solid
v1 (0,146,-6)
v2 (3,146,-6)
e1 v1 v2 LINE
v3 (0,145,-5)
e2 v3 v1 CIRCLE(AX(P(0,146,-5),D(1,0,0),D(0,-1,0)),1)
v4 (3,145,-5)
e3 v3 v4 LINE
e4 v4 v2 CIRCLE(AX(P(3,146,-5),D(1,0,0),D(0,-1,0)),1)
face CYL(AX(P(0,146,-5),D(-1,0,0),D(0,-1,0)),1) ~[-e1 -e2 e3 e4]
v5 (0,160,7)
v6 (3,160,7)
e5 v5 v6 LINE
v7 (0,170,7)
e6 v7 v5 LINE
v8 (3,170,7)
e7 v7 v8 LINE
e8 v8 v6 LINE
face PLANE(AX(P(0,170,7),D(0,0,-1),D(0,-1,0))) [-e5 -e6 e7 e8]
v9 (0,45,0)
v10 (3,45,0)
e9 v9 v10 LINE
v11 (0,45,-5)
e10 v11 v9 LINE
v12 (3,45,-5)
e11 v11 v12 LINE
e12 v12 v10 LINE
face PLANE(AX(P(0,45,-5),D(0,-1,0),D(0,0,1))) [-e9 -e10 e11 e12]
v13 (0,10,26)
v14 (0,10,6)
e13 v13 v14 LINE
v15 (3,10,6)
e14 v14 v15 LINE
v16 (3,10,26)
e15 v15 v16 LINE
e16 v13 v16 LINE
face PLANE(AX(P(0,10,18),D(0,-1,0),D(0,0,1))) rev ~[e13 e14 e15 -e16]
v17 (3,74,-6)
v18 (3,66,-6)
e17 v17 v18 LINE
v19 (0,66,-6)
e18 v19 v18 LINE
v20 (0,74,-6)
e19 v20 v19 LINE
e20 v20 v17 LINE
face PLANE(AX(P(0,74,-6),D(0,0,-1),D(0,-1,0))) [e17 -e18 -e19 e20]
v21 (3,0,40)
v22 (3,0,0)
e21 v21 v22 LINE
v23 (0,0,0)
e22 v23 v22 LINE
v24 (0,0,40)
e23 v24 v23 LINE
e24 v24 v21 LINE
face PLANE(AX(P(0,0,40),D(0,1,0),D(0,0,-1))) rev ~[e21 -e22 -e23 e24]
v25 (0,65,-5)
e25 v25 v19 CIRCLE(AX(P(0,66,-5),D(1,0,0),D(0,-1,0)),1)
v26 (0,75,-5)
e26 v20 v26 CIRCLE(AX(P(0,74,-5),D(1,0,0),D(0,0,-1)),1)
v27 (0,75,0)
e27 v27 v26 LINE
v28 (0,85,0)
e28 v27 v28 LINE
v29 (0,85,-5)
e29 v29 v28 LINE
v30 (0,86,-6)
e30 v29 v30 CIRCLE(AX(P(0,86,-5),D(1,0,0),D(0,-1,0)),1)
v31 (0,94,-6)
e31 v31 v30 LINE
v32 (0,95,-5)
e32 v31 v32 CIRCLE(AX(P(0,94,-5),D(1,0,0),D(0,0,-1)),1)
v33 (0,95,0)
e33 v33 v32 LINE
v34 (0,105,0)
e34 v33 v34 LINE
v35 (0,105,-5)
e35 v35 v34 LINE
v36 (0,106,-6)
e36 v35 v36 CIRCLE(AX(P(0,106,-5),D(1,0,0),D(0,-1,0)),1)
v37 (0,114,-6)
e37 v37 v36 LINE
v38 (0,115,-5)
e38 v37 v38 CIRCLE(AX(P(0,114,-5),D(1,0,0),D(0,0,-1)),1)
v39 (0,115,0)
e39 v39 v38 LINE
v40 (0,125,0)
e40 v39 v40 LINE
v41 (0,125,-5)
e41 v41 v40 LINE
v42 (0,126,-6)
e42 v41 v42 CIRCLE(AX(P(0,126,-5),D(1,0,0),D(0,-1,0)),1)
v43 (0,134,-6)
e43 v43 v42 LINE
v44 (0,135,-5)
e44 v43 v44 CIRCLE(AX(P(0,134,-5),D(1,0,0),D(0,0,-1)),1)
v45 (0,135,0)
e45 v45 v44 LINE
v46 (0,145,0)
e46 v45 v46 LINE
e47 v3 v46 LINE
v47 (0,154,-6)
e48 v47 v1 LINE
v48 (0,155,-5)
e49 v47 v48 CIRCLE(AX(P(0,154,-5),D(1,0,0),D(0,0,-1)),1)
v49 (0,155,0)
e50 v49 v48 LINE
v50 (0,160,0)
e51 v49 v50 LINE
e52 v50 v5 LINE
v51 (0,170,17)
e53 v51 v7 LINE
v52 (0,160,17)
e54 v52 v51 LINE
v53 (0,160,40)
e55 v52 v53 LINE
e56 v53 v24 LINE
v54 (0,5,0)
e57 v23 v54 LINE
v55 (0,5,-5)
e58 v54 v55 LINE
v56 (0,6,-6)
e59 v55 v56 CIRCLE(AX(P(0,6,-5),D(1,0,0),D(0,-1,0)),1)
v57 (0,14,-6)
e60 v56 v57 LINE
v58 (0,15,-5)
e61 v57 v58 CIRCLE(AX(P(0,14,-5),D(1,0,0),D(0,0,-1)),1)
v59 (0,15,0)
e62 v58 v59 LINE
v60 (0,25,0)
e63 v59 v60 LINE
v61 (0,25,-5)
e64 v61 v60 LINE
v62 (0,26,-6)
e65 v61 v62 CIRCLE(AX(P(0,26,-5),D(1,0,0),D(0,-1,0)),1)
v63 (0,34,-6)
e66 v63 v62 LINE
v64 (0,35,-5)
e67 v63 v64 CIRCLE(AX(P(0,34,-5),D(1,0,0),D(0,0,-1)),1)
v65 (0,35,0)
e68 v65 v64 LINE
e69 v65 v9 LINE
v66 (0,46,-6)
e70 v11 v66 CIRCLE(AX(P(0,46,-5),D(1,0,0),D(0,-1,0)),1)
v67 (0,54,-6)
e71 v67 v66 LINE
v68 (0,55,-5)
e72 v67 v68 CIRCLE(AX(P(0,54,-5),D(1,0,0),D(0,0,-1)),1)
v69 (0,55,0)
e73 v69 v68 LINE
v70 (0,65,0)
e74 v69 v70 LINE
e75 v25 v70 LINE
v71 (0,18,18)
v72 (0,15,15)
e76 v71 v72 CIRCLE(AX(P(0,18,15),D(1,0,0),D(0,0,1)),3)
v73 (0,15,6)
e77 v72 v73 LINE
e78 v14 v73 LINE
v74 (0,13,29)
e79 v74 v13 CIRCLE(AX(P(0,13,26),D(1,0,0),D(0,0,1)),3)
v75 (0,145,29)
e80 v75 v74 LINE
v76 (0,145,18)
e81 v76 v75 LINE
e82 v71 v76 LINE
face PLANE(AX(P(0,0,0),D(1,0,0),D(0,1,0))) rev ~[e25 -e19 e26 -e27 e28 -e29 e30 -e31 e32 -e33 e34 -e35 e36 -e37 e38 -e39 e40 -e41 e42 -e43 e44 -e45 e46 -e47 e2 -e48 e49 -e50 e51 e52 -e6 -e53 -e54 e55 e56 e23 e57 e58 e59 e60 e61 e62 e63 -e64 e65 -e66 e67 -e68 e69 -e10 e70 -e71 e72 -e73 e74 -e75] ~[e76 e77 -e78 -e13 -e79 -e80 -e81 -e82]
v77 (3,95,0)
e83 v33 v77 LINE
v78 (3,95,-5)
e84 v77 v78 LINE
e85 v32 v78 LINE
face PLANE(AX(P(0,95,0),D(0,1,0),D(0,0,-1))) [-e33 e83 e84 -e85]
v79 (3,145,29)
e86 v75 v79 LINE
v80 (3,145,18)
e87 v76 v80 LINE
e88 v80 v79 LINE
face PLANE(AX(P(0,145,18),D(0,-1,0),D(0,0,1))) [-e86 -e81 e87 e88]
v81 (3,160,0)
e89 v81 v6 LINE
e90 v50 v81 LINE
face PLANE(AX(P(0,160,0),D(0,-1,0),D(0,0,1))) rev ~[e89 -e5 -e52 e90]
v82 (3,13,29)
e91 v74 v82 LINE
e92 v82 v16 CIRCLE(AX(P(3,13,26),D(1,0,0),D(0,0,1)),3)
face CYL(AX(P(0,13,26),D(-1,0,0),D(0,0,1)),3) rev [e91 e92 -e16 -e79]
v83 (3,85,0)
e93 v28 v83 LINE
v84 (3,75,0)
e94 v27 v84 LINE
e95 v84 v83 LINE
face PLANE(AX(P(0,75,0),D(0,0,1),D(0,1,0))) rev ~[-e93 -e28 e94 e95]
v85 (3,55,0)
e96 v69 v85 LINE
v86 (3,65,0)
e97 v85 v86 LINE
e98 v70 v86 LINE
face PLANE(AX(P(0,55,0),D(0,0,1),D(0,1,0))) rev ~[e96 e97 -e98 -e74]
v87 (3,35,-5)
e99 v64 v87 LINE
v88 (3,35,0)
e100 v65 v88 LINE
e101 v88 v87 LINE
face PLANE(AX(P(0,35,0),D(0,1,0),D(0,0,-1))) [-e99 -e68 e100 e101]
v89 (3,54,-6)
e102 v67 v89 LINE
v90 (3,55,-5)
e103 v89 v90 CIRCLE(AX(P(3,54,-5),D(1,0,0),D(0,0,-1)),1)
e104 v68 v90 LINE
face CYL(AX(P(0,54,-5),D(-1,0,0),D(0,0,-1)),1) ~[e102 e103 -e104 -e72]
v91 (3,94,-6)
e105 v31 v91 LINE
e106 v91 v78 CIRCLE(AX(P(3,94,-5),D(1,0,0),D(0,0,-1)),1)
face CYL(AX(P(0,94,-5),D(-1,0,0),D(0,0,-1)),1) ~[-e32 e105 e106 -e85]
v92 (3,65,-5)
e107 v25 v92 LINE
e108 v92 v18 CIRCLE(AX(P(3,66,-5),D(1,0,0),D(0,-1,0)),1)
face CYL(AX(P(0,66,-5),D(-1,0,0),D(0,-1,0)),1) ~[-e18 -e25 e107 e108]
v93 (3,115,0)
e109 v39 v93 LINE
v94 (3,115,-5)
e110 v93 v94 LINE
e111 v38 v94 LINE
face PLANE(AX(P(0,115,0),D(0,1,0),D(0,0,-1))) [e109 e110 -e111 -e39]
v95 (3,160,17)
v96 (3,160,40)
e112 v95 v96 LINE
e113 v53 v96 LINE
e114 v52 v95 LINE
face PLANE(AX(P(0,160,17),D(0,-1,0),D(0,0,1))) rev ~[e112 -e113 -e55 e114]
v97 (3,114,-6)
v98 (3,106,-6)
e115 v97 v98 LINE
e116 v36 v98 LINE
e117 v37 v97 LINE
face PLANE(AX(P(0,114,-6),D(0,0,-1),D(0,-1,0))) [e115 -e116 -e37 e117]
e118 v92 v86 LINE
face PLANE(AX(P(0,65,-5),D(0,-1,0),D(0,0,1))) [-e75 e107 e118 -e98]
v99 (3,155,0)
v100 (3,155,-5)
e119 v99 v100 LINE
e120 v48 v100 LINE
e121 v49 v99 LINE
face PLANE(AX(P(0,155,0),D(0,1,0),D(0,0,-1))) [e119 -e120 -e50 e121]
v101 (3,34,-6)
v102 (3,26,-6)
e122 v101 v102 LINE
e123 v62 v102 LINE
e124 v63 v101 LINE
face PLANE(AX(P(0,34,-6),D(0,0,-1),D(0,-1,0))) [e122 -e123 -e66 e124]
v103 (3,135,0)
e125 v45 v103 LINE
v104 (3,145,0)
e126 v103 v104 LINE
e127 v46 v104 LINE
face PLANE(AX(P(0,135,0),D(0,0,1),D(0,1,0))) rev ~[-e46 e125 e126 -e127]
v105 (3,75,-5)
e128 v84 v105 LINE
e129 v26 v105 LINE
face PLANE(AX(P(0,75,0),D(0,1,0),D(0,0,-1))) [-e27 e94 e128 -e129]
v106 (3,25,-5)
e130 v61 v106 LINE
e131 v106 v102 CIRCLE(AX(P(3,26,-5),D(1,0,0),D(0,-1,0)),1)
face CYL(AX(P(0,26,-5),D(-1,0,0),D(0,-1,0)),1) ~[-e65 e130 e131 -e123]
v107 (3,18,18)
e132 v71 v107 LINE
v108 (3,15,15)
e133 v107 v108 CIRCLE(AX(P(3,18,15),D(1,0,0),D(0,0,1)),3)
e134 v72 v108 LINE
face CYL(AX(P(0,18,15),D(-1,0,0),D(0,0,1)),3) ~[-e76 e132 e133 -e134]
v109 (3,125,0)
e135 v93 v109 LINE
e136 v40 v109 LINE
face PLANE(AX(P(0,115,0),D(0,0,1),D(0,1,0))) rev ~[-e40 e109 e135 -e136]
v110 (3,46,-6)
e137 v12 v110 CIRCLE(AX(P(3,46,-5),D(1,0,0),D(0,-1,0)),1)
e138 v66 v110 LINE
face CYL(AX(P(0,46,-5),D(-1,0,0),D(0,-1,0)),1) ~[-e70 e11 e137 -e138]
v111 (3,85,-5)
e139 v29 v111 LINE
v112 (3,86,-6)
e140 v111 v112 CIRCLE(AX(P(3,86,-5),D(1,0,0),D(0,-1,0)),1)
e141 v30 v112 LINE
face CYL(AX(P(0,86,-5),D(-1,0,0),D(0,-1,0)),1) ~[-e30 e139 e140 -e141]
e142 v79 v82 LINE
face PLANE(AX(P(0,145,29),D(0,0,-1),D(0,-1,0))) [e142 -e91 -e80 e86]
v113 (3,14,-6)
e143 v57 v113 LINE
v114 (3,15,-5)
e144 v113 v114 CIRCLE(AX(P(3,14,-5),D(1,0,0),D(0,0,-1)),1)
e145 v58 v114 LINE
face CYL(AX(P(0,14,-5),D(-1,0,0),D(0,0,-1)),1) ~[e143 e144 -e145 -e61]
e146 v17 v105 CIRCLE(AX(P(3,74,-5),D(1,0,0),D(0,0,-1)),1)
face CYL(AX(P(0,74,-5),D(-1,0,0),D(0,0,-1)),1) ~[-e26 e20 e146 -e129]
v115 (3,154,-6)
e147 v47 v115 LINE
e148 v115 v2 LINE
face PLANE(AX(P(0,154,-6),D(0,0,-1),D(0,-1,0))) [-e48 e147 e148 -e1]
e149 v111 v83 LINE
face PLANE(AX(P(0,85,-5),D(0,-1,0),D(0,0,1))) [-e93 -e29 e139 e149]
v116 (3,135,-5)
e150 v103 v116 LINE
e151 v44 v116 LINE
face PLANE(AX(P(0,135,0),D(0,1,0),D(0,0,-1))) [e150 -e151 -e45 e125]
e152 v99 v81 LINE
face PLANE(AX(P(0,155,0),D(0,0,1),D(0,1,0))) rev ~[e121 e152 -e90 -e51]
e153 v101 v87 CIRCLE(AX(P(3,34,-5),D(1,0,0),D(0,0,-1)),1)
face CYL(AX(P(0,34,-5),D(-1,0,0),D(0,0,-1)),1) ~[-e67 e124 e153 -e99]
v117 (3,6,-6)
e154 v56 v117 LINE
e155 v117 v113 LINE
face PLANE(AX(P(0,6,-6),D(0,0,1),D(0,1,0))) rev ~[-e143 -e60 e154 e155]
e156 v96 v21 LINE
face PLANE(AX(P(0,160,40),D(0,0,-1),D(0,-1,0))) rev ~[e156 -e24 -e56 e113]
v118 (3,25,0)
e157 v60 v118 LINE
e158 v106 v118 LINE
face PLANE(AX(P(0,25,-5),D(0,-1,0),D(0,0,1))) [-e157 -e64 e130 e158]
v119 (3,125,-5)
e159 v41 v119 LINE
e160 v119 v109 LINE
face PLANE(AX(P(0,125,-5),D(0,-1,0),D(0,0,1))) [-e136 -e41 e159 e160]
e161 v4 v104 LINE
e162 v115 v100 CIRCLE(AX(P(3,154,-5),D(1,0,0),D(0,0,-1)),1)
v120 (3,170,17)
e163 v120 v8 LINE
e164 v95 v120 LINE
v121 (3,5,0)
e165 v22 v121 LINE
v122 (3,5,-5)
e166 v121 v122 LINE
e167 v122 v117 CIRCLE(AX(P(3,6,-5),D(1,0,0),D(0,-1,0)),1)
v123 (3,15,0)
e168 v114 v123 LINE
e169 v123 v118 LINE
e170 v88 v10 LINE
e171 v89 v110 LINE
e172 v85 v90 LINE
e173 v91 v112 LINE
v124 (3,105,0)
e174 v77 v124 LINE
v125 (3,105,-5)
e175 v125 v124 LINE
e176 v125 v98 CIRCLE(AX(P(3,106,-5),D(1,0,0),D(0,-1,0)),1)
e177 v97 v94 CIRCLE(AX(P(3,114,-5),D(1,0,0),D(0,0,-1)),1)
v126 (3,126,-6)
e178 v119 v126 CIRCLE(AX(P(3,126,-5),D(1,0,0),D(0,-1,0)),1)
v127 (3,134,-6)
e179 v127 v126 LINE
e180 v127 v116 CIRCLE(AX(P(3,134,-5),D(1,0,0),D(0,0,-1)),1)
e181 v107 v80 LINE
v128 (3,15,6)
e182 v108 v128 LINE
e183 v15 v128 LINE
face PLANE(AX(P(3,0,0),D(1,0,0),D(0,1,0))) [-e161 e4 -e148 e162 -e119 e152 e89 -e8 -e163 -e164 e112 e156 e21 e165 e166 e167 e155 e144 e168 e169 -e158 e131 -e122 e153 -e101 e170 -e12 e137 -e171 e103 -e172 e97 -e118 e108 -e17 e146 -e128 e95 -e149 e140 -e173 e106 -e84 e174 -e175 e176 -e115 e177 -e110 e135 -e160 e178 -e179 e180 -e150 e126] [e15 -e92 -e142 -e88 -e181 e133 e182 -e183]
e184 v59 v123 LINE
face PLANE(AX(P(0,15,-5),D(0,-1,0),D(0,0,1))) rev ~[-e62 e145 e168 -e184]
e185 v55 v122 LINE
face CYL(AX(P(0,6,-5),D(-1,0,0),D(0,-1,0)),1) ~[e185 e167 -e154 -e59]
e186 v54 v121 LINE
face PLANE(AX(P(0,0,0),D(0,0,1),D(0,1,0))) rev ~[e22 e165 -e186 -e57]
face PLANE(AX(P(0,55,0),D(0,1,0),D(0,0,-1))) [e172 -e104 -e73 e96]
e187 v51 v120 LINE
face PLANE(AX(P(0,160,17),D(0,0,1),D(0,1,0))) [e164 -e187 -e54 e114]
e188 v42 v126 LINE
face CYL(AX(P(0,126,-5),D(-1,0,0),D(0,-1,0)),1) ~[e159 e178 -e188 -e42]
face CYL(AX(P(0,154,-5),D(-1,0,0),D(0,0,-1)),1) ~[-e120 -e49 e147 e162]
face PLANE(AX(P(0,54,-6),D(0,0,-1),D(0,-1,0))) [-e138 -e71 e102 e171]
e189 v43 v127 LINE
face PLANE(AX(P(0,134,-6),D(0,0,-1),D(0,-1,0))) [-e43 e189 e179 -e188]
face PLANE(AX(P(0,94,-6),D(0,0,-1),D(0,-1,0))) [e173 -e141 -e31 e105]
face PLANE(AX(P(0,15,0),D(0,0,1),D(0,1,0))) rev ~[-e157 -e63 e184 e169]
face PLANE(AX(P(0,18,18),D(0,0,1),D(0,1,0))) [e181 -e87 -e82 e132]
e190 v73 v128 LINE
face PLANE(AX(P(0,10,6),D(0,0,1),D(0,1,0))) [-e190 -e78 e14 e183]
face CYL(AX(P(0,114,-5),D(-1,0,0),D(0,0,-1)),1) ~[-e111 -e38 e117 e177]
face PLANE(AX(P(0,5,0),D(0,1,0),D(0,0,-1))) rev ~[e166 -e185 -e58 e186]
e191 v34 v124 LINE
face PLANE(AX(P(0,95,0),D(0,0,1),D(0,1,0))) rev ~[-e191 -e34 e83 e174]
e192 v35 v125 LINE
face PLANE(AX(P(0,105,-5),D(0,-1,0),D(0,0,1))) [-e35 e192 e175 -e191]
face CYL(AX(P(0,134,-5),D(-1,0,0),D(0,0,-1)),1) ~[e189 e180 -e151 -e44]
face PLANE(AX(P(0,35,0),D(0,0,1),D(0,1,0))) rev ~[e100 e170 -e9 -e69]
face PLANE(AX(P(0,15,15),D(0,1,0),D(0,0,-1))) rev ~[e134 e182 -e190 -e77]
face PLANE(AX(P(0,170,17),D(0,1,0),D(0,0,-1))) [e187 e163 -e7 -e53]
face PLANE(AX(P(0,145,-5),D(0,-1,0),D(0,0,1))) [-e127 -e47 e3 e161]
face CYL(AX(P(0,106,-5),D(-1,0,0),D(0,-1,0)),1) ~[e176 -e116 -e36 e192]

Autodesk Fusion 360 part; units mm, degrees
sketch "Sketch1" plane through (0, 0, 0) normal (1, 0, 0) x (0, 1, 0)
  line L0 (0, 0) -> (160, 0)
  line L1 (160, 0) -> (160, 40)
  line L2 (160, 40) -> (0, 40)
  line L3 (0, 40) -> (0, 0)
  line L4 (5, 0) -> (5, -5)
  line L5 (6, -6) -> (14, -6)
  line L6 (15, -5) -> (15, 0)
  line L7 (25, 0) -> (35, 0)
  line L8 (35, 0) -> (35, -5)
  line L9 (34, -6) -> (26, -6)
  line L10 (25, -5) -> (25, 0)
  line L11 (45, 0) -> (55, 0)
  line L12 (55, 0) -> (55, -5)
  line L13 (54, -6) -> (46, -6)
  line L14 (45, -5) -> (45, 0)
  line L15 (65, 0) -> (75, 0)
  line L16 (75, 0) -> (75, -5)
  line L17 (74, -6) -> (66, -6)
  line L18 (65, -5) -> (65, 0)
  line L19 (85, 0) -> (95, 0)
  line L20 (95, 0) -> (95, -5)
  line L21 (94, -6) -> (86, -6)
  line L22 (85, -5) -> (85, 0)
  line L23 (105, 0) -> (115, 0)
  line L24 (115, 0) -> (115, -5)
  line L25 (114, -6) -> (106, -6)
  line L26 (105, -5) -> (105, 0)
  line L27 (125, 0) -> (135, 0)
  line L28 (135, 0) -> (135, -5)
  line L29 (134, -6) -> (126, -6)
  line L30 (125, -5) -> (125, 0)
  line L31 (145, 0) -> (155, 0)
  line L32 (155, 0) -> (155, -5)
  line L33 (154, -6) -> (146, -6)
  line L34 (145, -5) -> (145, 0)
  line L35 (15, -2.5) -> (25, -2.5) construction
  line L36 (35, -2.5) -> (45, -2.5) construction
  line L37 (55, -2.5) -> (65, -2.5) construction
  line L38 (75, -2.5) -> (85, -2.5) construction
  line L39 (95, -2.5) -> (105, -2.5) construction
  line L40 (115, -2.4317) -> (125, -2.4308) construction
  line L41 (135, -2.5) -> (145, -2.5054) construction
  line L42 (10, 0) -> (10, 18)
  line L43 (15, 15) -> (15, 0)
  line L44 (10, 6) -> (15, 6)
  line L45 (10, 18) -> (10, 26)
  line L46 (18, 18) -> (145, 18)
  line L47 (145, 18) -> (145, 29)
  line L48 (145, 29) -> (13, 29)
  line L49 (15, 6) -> (160, 6) construction
  line L50 (145, 18) -> (145, 6) construction
  arc A0 (13, 29) -> (10, 26) centre (13, 26) ccw
  arc A1 (18, 18) -> (15, 15) centre (18, 15) ccw
  line L51 (25, 18) -> (25, 0) construction
  line L52 (160, 14.5) -> (160, 9.5) construction
  line L53 (19.9191, 18) -> (19.9191, 6) construction
  line L54 (160, 7) -> (160, 17) construction
  arc A2 (5, -5) -> (6, -6) centre (6, -5) ccw
  arc A3 (14, -6) -> (15, -5) centre (14, -5) ccw
  arc A4 (25, -5) -> (26, -6) centre (26, -5) ccw
  arc A5 (34, -6) -> (35, -5) centre (34, -5) ccw
  arc A6 (45, -5) -> (46, -6) centre (46, -5) ccw
  arc A7 (54, -6) -> (55, -5) centre (54, -5) ccw
  arc A8 (65, -5) -> (66, -6) centre (66, -5) ccw
  arc A9 (74, -6) -> (75, -5) centre (74, -5) ccw
  arc A10 (85, -5) -> (86, -6) centre (86, -5) ccw
  arc A11 (94, -6) -> (95, -5) centre (94, -5) ccw
  arc A12 (105, -5) -> (106, -6) centre (106, -5) ccw
  arc A13 (114, -6) -> (115, -5) centre (114, -5) ccw
  arc A14 (125, -5) -> (126, -6) centre (126, -5) ccw
  arc A15 (134, -6) -> (135, -5) centre (134, -5) ccw
  arc A16 (145, -5) -> (146, -6) centre (146, -5) ccw
  arc A17 (154, -6) -> (155, -5) centre (154, -5) ccw
  line L55 (160, 17) -> (170, 17)
  line L56 (170, 17) -> (170, 7)
  line L57 (170, 7) -> (160, 7)
  line L58 (160, 7) -> (160, 17)
  line L59 (170, 12) -> (19.9191, 12) construction
  point P0 (5, -6)
  point P1 (15, -6)
  point P2 (15, 18)
  point P3 (10, 29)
  dimension "d1" = 160
  dimension "d2" = 40
  dimension "d3" = 10
  dimension "d4" = 6
  dimension "d5" = 5
  dimension "d6" = 10
  dimension "d7" = 5
  dimension "d9" = 18
  dimension "d10" = 5
  dimension "d15" = 11
  dimension "d16" = 130
  dimension "d17" = 12
  dimension "d18" = 3
  dimension "d19" = 3
  dimension "d29" = 1
  dimension "d30" = 1
  dimension "d31" = 1
  dimension "d32" = 1
  dimension "d33" = 1
  dimension "d34" = 1
  dimension "d35" = 1
  dimension "d36" = 1
  dimension "d37" = 1
  dimension "d38" = 1
  dimension "d39" = 1
  dimension "d40" = 1
  dimension "d41" = 1
  dimension "d42" = 1
  dimension "d43" = 1
  dimension "d44" = 1
  dimension "d45" = 10
  dimension "d46" = 10
extrude "Extrude1" add sketch "Sketch1" along normal blind 3 contours L0 L1 L2 L3 L7 L11 L15 L19 L23 L27 L31 L42 L43 L45 L46 L47 L48 A0 A1 L58 | L0 L4 L5 L6 A2 A3 | L0 L42 L43 L44 | L1 L55 L56 L57 L58 | L0 L7 L8 L9 L10 A4 A5 | L0 L11 L12 L13 L14 A6 A7 | L0 L31 L32 L33 L34 A16 A17 | L0 L15 L16 L17 L18 A8 A9 | L0 L27 L28 L29 L30 A14 A15 | L0 L19 L20 L21 L22 A10 A11 | L0 L23 L24 L25 L26 A12 A13
sketch "Sketch2" plane through (3, 0, 0) normal (1, 0, 0) x (0, 1, 0)
  line L0 (145, 29) -> (145, 18)
  line L1 (145, 18) -> (18, 18)
  arc A0 (18, 18) -> (15, 15) centre (18, 15) ccw
  line L2 (15, 15) -> (15, 6)
  line L3 (15, 6) -> (10, 6)
  line L4 (10, 6) -> (10, 26)
  arc A1 (13, 29) -> (10, 26) centre (13, 26) ccw
  line L5 (13, 29) -> (145, 29)
  line L6 (160, 17) -> (160, 40)
  line L7 (160, 40) -> (0, 40)
  line L8 (0, 40) -> (0, 0)
  line L9 (0, 0) -> (5, 0)
  line L10 (5, 0) -> (5, -5)
  arc A2 (5, -5) -> (6, -6) centre (6, -5) ccw
  line L11 (6, -6) -> (14, -6)
  arc A3 (14, -6) -> (15, -5) centre (14, -5) ccw
  line L12 (15, -5) -> (15, 0)
  line L13 (15, 0) -> (25, 0)
  line L14 (25, 0) -> (25, -5)
  arc A4 (25, -5) -> (26, -6) centre (26, -5) ccw
  line L15 (26, -6) -> (34, -6)
  arc A5 (34, -6) -> (35, -5) centre (34, -5) ccw
  line L16 (35, -5) -> (35, 0)
  line L17 (35, 0) -> (45, 0)
  line L18 (45, 0) -> (45, -5)
  arc A6 (45, -5) -> (46, -6) centre (46, -5) ccw
  line L19 (46, -6) -> (54, -6)
  arc A7 (54, -6) -> (55, -5) centre (54, -5) ccw
  line L20 (55, -5) -> (55, 0)
  line L21 (55, 0) -> (65, 0)
  line L22 (65, 0) -> (65, -5)
  arc A8 (65, -5) -> (66, -6) centre (66, -5) ccw
  line L23 (66, -6) -> (74, -6)
  arc A9 (74, -6) -> (75, -5) centre (74, -5) ccw
  line L24 (75, -5) -> (75, 0)
  line L25 (75, 0) -> (85, 0)
  line L26 (85, 0) -> (85, -5)
  arc A10 (85, -5) -> (86, -6) centre (86, -5) ccw
  line L27 (86, -6) -> (94, -6)
  arc A11 (94, -6) -> (95, -5) centre (94, -5) ccw
  line L28 (95, -5) -> (95, 0)
  line L29 (95, 0) -> (105, 0)
  line L30 (105, 0) -> (105, -5)
  arc A12 (105, -5) -> (106, -6) centre (106, -5) ccw
  line L31 (106, -6) -> (114, -6)
  arc A13 (114, -6) -> (115, -5) centre (114, -5) ccw
  line L32 (115, -5) -> (115, 0)
  line L33 (115, 0) -> (125, 0)
  line L34 (125, 0) -> (125, -5)
  arc A14 (125, -5) -> (126, -6) centre (126, -5) ccw
  line L35 (126, -6) -> (134, -6)
  arc A15 (134, -6) -> (135, -5) centre (134, -5) ccw
  line L36 (135, -5) -> (135, 0)
  line L37 (135, 0) -> (145, 0)
  line L38 (145, 0) -> (145, -5)
  arc A16 (145, -5) -> (146, -6) centre (146, -5) ccw
  line L39 (146, -6) -> (154, -6)
  arc A17 (154, -6) -> (155, -5) centre (154, -5) ccw
  line L40 (155, -5) -> (155, 0)
  line L41 (155, 0) -> (160, 0)
  line L42 (160, 0) -> (160, 7)
  line L43 (160, 7) -> (170, 7)
  line L44 (170, 7) -> (170, 17)
  line L45 (170, 17) -> (160, 17)
